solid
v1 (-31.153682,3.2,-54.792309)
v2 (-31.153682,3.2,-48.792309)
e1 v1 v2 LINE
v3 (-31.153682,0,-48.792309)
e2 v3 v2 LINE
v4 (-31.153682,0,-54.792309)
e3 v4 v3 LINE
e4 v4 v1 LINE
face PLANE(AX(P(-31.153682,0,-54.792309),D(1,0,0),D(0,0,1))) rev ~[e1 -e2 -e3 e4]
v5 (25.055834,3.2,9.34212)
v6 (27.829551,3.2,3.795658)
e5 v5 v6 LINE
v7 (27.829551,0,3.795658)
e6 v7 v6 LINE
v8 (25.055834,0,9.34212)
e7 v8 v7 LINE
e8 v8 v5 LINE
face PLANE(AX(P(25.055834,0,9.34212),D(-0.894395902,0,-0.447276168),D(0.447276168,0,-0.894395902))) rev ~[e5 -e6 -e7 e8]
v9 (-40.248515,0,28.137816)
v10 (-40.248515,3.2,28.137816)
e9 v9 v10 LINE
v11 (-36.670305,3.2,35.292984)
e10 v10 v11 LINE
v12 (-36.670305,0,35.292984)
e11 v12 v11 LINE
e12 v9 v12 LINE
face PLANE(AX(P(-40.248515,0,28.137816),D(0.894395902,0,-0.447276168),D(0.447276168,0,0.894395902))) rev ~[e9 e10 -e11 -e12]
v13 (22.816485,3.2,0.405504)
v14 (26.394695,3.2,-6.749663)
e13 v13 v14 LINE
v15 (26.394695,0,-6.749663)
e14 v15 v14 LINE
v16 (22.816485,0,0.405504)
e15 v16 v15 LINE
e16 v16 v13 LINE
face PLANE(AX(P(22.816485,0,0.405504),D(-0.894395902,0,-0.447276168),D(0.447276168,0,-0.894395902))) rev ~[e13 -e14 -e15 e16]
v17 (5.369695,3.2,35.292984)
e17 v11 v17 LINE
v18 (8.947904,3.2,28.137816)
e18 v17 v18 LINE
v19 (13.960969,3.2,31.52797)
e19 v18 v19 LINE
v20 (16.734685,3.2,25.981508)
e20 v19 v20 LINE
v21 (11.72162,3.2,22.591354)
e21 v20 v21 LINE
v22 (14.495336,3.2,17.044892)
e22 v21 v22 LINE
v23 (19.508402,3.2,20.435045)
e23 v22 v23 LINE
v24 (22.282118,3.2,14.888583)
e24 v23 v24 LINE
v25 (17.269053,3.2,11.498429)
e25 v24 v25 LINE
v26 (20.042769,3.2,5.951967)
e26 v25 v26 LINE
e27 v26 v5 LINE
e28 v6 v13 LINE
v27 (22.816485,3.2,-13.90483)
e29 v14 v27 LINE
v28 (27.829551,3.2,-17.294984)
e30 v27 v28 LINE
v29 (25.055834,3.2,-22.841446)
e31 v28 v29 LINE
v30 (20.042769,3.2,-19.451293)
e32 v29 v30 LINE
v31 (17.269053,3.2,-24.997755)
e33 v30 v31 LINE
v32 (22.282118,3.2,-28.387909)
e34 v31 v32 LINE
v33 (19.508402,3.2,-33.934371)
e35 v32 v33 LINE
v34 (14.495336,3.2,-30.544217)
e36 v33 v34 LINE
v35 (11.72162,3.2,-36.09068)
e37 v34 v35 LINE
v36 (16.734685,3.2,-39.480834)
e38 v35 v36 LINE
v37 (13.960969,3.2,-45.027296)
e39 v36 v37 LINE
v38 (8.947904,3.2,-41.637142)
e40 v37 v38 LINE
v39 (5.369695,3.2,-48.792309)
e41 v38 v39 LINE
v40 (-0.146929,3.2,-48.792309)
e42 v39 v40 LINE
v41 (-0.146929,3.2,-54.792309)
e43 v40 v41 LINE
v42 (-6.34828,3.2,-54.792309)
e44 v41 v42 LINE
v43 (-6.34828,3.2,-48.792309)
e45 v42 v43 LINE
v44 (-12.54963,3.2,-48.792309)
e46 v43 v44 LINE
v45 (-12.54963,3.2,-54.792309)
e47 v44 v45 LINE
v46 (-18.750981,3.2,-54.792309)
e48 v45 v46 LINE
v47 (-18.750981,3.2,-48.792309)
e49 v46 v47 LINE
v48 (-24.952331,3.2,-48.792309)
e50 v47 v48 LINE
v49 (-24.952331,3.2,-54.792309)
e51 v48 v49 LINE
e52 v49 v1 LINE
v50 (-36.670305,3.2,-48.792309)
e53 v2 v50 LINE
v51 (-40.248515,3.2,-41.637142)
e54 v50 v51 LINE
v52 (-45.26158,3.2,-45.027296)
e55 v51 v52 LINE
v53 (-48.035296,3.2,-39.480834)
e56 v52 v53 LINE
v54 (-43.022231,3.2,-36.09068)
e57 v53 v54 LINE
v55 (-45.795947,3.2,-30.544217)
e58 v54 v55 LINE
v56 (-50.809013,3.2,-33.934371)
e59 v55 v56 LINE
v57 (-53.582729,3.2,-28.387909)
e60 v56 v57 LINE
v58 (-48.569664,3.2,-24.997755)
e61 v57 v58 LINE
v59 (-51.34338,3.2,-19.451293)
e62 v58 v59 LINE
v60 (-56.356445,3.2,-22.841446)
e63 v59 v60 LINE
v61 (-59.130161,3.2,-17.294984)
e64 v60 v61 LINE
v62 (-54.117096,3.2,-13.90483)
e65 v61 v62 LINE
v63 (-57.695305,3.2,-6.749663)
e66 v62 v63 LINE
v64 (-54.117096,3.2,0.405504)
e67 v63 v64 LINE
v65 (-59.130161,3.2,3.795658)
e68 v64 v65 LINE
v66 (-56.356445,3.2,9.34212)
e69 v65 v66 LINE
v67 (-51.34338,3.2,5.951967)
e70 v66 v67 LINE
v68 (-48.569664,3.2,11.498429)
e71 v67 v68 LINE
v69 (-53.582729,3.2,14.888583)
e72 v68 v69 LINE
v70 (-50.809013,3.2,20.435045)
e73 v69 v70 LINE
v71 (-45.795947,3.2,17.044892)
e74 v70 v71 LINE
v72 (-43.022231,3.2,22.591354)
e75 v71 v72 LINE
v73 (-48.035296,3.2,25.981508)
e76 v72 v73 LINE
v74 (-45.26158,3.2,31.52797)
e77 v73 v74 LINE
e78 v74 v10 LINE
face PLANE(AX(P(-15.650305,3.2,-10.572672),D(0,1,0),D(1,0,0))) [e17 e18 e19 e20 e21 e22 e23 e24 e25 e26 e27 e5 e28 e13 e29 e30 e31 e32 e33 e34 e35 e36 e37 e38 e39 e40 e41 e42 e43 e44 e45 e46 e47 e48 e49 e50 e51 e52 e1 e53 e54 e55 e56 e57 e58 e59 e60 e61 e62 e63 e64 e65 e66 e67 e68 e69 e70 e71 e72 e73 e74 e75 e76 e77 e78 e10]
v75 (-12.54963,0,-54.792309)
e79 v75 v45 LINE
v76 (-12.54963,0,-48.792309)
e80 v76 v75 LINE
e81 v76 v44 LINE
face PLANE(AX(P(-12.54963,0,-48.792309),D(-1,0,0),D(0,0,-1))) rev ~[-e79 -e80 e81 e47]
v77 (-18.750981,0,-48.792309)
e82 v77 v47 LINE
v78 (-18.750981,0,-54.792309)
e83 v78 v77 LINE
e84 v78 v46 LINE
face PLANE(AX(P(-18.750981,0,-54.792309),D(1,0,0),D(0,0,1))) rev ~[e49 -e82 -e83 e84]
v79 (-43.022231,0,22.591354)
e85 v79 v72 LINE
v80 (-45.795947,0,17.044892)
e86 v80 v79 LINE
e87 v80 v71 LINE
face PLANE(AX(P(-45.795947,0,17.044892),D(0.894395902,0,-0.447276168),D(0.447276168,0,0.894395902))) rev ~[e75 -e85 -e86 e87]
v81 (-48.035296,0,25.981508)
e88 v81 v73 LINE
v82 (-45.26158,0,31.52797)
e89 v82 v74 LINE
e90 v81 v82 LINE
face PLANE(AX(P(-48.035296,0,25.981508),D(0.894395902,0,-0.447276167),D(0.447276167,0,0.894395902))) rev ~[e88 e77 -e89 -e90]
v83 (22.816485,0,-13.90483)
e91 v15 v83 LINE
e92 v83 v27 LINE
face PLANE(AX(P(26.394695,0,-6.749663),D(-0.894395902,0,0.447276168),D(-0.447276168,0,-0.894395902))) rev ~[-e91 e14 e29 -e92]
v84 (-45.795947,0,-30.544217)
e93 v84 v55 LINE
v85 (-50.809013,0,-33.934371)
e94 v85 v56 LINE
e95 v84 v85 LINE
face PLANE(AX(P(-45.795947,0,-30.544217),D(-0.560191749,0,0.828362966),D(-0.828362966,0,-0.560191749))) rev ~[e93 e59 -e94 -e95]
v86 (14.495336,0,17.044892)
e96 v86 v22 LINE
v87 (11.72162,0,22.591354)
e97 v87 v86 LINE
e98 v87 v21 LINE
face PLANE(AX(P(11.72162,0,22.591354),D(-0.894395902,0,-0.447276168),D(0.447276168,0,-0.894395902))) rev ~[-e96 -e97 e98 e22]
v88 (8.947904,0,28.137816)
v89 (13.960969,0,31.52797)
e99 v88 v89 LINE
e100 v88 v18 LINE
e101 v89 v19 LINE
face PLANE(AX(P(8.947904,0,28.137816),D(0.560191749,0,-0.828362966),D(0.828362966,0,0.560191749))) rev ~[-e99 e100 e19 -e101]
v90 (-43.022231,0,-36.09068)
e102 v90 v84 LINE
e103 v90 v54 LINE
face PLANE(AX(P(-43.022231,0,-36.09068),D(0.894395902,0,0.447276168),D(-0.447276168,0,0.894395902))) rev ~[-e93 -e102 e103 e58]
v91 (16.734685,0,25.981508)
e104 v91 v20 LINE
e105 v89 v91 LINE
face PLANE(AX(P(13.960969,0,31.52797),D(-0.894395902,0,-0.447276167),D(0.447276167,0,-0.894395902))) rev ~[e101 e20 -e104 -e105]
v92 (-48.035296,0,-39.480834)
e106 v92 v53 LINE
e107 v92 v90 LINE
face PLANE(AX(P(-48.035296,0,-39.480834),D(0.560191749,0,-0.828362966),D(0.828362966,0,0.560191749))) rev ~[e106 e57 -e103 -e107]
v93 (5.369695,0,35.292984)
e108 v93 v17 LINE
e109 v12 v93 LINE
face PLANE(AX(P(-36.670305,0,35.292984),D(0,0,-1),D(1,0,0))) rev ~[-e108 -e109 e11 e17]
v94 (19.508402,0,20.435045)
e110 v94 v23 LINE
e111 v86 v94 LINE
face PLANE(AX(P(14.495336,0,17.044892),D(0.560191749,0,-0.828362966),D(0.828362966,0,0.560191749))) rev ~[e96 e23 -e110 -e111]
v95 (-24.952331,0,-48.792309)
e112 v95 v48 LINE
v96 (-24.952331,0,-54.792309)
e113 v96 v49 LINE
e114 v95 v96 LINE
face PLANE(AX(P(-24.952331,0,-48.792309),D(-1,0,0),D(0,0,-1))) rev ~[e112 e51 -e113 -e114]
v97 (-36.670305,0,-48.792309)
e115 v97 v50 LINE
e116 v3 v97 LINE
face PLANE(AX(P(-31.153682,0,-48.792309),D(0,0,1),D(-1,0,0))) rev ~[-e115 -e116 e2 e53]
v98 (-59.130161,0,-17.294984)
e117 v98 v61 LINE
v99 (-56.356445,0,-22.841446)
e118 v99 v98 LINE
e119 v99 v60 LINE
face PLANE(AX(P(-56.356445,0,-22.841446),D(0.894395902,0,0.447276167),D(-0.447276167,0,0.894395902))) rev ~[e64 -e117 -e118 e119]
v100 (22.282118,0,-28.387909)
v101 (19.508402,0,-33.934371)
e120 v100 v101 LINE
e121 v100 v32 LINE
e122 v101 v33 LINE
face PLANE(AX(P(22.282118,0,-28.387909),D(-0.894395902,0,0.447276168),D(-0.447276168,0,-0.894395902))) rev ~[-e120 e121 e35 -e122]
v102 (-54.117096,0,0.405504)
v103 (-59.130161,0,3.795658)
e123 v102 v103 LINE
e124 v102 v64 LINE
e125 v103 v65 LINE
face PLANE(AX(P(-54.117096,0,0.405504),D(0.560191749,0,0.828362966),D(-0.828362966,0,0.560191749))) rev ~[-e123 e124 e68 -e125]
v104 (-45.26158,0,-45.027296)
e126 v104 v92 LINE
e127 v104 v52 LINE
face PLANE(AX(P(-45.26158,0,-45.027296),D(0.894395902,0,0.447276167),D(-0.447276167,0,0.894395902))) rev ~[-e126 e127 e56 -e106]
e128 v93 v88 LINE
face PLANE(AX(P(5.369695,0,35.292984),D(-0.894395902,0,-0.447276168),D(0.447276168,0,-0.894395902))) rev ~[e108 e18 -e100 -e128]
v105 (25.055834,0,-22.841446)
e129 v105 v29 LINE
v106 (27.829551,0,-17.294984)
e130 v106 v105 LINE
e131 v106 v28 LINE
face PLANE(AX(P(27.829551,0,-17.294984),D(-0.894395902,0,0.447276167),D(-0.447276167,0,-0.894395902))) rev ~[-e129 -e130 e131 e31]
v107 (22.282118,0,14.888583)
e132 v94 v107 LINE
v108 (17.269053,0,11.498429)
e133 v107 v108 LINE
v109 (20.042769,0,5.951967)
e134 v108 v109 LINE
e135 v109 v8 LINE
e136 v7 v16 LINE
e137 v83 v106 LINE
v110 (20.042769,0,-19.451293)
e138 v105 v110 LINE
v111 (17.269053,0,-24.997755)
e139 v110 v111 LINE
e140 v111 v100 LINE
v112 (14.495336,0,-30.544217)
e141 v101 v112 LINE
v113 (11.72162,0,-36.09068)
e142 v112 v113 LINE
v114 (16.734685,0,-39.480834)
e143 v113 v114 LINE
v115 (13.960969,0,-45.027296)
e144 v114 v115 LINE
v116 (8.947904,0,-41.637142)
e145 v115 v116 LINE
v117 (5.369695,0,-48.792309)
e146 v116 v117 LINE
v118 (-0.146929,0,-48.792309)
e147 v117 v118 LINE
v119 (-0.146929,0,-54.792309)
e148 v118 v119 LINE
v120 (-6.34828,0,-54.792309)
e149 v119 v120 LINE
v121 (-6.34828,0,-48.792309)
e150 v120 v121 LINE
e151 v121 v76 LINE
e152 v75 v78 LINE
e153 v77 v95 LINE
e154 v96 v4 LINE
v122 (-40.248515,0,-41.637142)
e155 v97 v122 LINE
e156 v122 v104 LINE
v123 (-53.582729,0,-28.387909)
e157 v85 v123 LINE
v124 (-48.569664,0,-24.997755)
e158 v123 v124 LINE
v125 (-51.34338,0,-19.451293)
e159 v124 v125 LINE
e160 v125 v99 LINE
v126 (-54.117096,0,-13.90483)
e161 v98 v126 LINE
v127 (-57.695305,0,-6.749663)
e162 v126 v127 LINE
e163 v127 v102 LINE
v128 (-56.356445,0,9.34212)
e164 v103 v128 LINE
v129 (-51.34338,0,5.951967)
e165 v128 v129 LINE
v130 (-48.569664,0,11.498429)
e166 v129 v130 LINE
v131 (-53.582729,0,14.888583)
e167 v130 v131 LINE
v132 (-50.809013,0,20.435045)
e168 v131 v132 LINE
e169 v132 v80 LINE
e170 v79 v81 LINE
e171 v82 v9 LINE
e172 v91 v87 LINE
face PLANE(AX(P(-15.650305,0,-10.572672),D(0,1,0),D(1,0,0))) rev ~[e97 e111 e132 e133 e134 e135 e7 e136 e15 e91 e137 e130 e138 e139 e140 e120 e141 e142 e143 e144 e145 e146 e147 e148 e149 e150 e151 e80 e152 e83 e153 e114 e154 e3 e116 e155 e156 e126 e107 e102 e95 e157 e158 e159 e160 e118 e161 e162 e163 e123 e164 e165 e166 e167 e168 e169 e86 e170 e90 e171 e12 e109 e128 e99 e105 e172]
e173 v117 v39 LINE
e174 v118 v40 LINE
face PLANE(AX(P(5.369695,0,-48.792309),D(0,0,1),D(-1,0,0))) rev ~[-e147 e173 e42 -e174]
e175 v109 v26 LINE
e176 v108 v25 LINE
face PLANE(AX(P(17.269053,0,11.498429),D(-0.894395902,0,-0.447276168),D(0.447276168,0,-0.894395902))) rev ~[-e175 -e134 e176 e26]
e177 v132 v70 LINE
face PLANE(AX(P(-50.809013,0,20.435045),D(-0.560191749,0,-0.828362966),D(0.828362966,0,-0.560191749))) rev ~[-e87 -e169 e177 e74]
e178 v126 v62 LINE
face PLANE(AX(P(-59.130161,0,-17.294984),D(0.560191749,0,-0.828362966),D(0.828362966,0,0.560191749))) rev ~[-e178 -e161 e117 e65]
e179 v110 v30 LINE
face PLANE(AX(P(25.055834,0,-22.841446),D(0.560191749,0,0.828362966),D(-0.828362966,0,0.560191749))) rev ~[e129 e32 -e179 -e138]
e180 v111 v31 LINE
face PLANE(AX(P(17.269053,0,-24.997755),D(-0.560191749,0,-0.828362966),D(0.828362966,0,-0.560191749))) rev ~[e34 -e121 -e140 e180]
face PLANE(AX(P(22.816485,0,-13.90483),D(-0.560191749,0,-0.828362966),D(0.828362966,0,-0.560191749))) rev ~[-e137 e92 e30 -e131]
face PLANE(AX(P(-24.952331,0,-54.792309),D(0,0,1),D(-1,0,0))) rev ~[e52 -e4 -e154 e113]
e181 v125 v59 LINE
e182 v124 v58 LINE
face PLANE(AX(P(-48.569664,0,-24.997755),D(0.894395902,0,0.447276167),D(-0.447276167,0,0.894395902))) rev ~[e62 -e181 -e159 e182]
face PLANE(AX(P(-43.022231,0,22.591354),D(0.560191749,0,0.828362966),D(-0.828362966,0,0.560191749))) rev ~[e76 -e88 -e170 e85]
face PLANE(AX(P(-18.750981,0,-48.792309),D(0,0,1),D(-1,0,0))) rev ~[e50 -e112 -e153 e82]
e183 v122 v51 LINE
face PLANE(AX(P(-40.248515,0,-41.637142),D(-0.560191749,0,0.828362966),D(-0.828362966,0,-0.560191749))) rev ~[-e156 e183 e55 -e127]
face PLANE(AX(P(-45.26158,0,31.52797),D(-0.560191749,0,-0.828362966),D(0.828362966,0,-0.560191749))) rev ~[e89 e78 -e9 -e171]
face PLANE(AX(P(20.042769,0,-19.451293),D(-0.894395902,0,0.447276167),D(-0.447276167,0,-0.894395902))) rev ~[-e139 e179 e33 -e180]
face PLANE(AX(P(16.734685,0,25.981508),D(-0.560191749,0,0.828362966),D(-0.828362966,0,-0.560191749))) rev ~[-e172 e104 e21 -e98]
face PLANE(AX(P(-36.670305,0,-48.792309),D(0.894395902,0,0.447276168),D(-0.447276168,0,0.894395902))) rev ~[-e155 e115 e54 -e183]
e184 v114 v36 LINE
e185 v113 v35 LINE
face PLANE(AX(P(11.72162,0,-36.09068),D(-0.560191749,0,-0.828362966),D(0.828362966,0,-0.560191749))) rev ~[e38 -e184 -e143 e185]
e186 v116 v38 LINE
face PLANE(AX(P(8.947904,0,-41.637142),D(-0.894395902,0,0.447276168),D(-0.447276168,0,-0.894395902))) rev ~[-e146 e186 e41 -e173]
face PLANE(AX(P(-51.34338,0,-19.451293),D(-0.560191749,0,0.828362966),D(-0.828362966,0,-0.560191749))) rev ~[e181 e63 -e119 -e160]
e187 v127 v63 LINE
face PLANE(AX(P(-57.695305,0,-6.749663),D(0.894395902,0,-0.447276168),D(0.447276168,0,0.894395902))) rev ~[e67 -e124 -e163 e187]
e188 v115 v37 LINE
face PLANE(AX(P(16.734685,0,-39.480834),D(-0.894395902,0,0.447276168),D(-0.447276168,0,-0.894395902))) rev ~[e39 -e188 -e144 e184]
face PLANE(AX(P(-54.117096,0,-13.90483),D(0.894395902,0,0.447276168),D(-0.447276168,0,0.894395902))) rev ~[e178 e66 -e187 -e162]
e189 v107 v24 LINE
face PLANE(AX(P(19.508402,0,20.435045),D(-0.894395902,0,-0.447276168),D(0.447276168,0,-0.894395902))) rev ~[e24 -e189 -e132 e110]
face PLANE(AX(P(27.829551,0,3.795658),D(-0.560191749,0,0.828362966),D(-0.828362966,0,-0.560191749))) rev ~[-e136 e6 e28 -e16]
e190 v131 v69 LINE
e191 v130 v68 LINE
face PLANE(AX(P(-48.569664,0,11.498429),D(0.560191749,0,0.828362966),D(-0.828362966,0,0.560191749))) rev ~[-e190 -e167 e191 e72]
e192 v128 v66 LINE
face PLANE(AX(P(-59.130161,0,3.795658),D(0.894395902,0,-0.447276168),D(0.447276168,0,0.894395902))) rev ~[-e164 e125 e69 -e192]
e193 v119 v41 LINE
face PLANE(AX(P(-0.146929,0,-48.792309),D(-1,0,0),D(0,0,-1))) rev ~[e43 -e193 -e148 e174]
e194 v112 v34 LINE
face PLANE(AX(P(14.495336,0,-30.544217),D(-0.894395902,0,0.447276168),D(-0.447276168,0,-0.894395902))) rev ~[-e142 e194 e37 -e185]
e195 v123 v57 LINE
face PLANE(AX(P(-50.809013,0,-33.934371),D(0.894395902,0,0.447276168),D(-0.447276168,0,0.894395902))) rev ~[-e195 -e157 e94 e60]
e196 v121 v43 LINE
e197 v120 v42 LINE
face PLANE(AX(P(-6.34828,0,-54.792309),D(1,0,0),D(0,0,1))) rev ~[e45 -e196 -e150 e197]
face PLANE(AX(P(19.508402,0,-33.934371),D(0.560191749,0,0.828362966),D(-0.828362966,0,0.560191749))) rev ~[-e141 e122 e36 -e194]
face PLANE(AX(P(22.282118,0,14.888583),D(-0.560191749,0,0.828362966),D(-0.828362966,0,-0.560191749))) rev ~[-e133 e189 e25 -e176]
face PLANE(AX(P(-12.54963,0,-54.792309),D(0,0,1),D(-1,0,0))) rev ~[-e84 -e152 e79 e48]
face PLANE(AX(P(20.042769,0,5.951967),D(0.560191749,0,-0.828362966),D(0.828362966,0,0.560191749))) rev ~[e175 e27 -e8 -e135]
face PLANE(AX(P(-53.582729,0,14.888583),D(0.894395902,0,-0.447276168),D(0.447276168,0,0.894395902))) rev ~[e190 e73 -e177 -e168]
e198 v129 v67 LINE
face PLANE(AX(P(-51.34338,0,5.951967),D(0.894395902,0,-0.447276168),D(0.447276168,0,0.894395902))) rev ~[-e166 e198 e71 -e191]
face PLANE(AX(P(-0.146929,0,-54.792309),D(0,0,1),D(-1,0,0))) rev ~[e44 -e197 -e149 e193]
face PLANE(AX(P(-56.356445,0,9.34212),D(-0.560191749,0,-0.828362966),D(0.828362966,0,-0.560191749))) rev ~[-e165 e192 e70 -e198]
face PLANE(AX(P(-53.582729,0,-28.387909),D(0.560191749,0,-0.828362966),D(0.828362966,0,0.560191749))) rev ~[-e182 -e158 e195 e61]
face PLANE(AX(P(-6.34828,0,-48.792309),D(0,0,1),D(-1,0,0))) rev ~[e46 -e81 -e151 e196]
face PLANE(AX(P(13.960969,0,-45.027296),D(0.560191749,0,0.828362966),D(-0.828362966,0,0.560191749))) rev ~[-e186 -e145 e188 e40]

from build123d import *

# Parameters (mm, degrees)
BOSS_EXTRUDE1_DEPTH = 3.2


with BuildPart() as part:
    # Sketch1 → Boss-Extrude1 (new body)
    with BuildSketch(Plane(origin=(0, 0, 0), x_dir=(1, 0, 0), z_dir=(0, 1, 0))):
        Polygon((5.369694579, -35.29298371), (8.947903919, -28.137816492), (13.960969185, -31.527970224), (16.734685449, -25.98150779), (11.721620183, -22.591354059), (14.495336447, -17.044891626), (19.508401713, -20.435045357), (22.282117977, -14.888582924), (17.269052711, -11.498429192), (20.042768975, -5.951966759), (25.055834241, -9.34212049), (27.829550505, -3.795658057), (22.816485239, -0.405504326), (26.394694579, 6.749662892), (22.816485239, 13.90483011), (27.829550505, 17.294983841), (25.055834241, 22.841446275), (20.042768975, 19.451292543), (17.269052711, 24.997754977), (22.282117977, 28.387908708), (19.508401713, 33.934371141), (14.495336447, 30.54421741), (11.721620183, 36.090679843), (16.734685449, 39.480833575), (13.960969185, 45.027296008), (8.947903919, 41.637142277), (5.369694579, 48.792309495), (-0.14692929, 48.792309495), (-0.14692929, 54.792309495), (-6.348279742, 54.792309495), (-6.348279742, 48.792309495), (-12.549630195, 48.792309495), (-12.549630195, 54.792309495), (-18.750980648, 54.792309495), (-18.750980648, 48.792309495), (-24.9523311, 48.792309495), (-24.9523311, 54.792309495), (-31.153681553, 54.792309495), (-31.153681553, 48.792309495), (-36.670305421, 48.792309495), (-40.248514761, 41.637142277), (-45.261580028, 45.027296008), (-48.035296291, 39.480833575), (-43.022231025, 36.090679843), (-45.795947289, 30.54421741), (-50.809012555, 33.934371141), (-53.582728819, 28.387908708), (-48.569663553, 24.997754977), (-51.343379817, 19.451292543), (-56.356445083, 22.841446275), (-59.130161347, 17.294983841), (-54.117096081, 13.90483011), (-57.695305421, 6.749662892), (-54.117096081, -0.405504326), (-59.130161347, -3.795658057), (-56.356445083, -9.34212049), (-51.343379817, -5.951966759), (-48.569663553, -11.498429192), (-53.582728819, -14.888582924), (-50.809012555, -20.435045357), (-45.795947289, -17.044891626), (-43.022231025, -22.591354059), (-48.035296291, -25.98150779), (-45.261580028, -31.527970224), (-40.248514761, -28.137816492), (-36.670305421, -35.29298371), align=None)
    extrude(amount=BOSS_EXTRUDE1_DEPTH)


solid = part.part
